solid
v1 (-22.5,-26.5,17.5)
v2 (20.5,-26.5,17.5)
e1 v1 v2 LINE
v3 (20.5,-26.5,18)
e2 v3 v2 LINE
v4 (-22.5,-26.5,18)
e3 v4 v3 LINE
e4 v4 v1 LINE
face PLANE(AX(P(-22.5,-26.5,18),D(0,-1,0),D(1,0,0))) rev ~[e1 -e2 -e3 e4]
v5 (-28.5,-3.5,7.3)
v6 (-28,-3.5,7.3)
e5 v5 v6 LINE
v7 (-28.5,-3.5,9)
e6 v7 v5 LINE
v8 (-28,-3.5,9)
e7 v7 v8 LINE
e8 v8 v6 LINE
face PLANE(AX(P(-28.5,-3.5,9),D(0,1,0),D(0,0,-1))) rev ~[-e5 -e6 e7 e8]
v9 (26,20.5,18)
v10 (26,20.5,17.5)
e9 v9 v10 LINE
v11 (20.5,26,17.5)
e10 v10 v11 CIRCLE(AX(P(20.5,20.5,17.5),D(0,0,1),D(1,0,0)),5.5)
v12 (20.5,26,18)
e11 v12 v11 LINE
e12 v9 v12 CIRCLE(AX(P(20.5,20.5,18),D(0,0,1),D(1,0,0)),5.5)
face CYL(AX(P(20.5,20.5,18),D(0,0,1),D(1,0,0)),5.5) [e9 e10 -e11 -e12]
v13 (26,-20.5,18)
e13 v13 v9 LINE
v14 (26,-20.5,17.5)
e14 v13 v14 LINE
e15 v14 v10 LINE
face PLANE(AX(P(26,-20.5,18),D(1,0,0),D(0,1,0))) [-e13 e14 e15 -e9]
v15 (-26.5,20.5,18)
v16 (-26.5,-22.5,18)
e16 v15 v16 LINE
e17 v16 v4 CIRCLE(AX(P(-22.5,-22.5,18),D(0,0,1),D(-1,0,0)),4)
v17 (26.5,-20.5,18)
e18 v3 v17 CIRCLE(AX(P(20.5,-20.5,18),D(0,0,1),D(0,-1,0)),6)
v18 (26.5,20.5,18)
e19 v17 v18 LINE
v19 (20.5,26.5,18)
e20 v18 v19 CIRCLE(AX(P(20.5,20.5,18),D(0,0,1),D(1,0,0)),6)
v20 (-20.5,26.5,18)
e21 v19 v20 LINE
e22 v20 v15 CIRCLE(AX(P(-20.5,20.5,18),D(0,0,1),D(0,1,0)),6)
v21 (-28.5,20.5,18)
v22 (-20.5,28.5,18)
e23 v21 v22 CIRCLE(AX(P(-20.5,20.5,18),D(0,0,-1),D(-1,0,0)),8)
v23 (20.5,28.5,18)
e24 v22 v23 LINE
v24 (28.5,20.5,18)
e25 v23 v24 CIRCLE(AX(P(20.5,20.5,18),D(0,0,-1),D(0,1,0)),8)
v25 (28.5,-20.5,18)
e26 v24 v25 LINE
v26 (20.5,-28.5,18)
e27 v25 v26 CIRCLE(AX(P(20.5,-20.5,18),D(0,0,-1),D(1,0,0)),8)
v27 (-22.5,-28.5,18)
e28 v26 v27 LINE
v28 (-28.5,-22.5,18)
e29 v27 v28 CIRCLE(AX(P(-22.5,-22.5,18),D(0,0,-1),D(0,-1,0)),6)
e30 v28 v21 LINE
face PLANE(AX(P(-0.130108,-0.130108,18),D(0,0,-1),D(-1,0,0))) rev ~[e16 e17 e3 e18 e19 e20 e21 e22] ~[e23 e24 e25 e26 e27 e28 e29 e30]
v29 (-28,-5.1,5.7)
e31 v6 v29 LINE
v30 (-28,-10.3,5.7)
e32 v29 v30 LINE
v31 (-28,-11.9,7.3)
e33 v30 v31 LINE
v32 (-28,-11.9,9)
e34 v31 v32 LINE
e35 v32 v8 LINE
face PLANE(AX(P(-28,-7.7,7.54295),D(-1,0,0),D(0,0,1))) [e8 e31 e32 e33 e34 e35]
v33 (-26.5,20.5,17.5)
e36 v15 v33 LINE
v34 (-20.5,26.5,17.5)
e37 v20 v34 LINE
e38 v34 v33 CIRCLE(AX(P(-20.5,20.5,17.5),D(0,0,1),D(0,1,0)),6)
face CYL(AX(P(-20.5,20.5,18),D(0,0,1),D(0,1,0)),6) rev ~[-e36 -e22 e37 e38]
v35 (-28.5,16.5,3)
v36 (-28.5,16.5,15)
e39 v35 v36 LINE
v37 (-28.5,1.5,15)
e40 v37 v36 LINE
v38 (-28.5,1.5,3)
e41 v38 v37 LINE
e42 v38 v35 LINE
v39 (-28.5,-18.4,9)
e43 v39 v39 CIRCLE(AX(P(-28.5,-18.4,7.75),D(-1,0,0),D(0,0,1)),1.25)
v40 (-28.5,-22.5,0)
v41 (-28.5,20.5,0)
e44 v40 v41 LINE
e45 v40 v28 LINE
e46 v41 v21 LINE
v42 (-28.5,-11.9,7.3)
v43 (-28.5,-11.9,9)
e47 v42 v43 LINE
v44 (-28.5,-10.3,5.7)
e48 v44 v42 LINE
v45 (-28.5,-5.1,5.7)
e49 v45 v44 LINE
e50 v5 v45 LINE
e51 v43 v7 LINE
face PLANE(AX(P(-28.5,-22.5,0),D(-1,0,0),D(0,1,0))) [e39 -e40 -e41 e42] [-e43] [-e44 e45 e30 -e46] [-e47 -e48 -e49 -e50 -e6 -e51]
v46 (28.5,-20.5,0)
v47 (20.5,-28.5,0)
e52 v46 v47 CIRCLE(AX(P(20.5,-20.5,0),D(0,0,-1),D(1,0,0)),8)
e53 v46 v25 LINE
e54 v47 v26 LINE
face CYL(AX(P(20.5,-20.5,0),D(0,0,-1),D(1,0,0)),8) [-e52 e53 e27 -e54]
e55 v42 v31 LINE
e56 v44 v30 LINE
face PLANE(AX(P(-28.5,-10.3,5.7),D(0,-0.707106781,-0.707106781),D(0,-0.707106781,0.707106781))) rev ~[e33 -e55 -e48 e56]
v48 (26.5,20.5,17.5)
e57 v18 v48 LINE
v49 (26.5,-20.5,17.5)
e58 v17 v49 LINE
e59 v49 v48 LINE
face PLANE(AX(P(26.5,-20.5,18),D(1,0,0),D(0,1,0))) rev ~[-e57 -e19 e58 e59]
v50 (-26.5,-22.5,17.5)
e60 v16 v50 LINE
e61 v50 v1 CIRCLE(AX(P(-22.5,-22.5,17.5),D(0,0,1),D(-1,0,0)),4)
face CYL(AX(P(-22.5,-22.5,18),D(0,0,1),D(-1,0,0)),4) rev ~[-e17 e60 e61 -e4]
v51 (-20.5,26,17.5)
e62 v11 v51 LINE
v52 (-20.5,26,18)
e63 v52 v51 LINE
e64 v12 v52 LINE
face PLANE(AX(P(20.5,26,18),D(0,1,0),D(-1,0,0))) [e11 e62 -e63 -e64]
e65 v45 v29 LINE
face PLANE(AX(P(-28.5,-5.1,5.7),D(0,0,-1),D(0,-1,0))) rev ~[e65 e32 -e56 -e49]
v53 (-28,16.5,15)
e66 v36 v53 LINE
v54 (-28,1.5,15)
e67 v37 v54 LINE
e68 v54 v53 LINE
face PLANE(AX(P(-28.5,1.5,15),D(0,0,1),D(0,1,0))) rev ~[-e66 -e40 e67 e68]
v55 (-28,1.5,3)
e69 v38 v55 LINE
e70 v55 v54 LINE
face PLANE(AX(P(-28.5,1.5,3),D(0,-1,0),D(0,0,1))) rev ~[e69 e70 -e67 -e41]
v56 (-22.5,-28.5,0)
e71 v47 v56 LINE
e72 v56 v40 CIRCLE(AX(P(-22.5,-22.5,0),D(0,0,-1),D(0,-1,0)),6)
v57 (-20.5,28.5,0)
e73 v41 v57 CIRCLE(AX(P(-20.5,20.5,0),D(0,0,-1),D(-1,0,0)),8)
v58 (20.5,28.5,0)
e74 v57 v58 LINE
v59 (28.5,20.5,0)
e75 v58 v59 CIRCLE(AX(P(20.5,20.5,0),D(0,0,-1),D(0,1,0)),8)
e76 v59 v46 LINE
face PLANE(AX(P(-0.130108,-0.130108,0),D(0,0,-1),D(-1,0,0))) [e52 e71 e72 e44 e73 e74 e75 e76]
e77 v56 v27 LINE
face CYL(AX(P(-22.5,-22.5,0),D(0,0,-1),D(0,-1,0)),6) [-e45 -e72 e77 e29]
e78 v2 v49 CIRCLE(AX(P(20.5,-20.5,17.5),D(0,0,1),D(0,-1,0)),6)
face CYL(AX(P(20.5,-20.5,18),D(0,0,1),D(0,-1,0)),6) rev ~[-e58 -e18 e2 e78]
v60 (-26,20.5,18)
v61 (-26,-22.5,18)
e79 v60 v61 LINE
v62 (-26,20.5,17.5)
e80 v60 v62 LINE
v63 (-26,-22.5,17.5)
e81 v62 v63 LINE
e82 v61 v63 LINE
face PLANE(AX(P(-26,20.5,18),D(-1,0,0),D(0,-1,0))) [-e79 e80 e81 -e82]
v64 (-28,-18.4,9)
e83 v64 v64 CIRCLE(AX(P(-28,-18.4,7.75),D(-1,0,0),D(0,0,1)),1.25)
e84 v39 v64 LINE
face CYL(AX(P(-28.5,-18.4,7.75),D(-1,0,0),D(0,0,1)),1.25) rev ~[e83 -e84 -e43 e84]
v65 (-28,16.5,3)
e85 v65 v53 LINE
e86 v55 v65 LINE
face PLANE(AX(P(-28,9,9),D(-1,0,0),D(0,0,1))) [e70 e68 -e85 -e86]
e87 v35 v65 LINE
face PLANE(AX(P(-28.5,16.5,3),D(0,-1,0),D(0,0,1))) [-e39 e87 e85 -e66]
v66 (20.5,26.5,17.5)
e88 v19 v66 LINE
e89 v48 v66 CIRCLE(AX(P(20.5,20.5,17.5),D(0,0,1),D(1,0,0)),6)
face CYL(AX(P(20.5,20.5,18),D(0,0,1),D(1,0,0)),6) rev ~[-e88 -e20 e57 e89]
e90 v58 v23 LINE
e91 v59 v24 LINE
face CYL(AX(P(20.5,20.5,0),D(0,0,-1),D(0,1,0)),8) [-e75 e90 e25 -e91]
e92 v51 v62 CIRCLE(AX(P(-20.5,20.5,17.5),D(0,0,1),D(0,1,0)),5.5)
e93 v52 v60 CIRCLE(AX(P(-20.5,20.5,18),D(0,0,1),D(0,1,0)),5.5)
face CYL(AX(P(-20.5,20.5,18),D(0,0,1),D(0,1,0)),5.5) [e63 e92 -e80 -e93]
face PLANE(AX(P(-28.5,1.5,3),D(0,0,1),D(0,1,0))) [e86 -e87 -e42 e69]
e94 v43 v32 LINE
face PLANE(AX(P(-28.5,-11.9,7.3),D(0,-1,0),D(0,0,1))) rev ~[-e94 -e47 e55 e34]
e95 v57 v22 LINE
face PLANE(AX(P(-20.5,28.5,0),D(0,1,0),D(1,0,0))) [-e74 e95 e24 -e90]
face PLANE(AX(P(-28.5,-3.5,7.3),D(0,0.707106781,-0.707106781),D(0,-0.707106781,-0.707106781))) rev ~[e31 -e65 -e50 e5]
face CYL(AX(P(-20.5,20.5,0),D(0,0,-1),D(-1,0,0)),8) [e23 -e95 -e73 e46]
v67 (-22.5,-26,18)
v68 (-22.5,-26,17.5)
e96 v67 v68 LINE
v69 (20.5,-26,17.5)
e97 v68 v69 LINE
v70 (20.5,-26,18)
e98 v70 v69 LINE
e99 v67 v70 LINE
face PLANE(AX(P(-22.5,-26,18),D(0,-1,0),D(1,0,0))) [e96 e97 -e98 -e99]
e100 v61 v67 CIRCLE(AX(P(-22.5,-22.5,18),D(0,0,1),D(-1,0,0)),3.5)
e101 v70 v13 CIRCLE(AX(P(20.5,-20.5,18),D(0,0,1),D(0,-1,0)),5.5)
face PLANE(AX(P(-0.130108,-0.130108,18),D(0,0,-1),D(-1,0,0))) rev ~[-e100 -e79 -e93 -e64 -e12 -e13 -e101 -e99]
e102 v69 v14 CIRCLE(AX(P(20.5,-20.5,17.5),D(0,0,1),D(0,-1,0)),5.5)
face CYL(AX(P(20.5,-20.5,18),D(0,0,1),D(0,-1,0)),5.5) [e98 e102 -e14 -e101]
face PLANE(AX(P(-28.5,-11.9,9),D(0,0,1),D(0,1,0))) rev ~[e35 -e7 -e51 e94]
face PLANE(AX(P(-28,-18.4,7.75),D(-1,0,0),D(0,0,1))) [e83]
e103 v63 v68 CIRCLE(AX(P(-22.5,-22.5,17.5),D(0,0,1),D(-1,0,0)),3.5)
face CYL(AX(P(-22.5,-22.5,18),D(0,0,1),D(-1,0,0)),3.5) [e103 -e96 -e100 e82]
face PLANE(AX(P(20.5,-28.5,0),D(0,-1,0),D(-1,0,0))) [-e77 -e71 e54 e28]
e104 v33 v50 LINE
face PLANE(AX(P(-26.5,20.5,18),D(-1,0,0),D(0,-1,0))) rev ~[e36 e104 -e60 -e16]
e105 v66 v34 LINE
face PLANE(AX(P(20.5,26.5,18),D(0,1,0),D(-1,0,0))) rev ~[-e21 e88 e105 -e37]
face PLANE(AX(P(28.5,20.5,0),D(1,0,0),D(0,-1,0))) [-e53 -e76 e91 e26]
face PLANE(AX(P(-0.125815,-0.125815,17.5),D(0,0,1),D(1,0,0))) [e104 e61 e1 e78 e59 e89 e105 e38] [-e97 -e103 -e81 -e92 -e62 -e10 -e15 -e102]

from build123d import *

# Parameters (mm, degrees)
SALIENTE_EXTRUIR1_DEPTH = 18
CORTAR_EXTRUIR1_DEPTH   = 0.5
CROQUIS3_R              = 1.25
CROQUIS3_W              = 12
CROQUIS3_H              = 15
CORTAR_EXTRUIR2_DEPTH   = 0.5


with BuildPart() as part:
    # Croquis1 → Saliente-Extruir1 (new body)
    with BuildSketch(Plane.XY):
        with BuildLine():
            Line((20.5, -28.5), (-22.5, -28.5))
            ThreePointArc((-22.5, -28.5), (-26.742640687, -26.742640687), (-28.5, -22.5))
            Line((-28.5, -22.5), (-28.5, 20.5))
            ThreePointArc((-28.5, 20.5), (-26.156854249, 26.156854249), (-20.5, 28.5))
            Line((-20.5, 28.5), (20.5, 28.5))
            ThreePointArc((20.5, 28.5), (26.156854249, 26.156854249), (28.5, 20.5))
            Line((28.5, 20.5), (28.5, -20.5))
            ThreePointArc((28.5, -20.5), (26.156854249, -26.156854249), (20.5, -28.5))
        make_face()
    extrude(amount=SALIENTE_EXTRUIR1_DEPTH)

    # Croquis2 → Cortar-Extruir1 (cut)
    with BuildSketch(Plane.XY.offset(18)):
        with BuildLine():
            Line((20.5, 26.5), (-20.5, 26.5))
            ThreePointArc((-20.5, 26.5), (-24.742640687, 24.742640687), (-26.5, 20.5))
            Line((-26.5, 20.5), (-26.5, -22.5))
            ThreePointArc((-26.5, -22.5), (-25.328427125, -25.328427125), (-22.5, -26.5))
            Line((-22.5, -26.5), (20.5, -26.5))
            ThreePointArc((20.5, -26.5), (24.742640687, -24.742640687), (26.5, -20.5))
            Line((26.5, -20.5), (26.5, 20.5))
            ThreePointArc((26.5, 20.5), (24.742640687, 24.742640687), (20.5, 26.5))
        make_face()
        with BuildLine():
            Line((-26, 20.5), (-26, -22.5))
            ThreePointArc((-26, -22.5), (-24.974873734, -24.974873734), (-22.5, -26))
            Line((-22.5, -26), (20.5, -26))
            ThreePointArc((20.5, -26), (24.389087297, -24.389087297), (26, -20.5))
            Line((26, -20.5), (26, 20.5))
            ThreePointArc((26, 20.5), (24.389087297, 24.389087297), (20.5, 26))
            Line((20.5, 26), (-20.5, 26))
            ThreePointArc((-20.5, 26), (-24.389087297, 24.389087297), (-26, 20.5))
        make_face(mode=Mode.SUBTRACT)
    extrude(amount=-CORTAR_EXTRUIR1_DEPTH, mode=Mode.SUBTRACT)

    # Croquis3 → Cortar-Extruir2 (cut)
    with BuildSketch(Plane.ZY.offset(28.5)):
        with Locations((7.75, -18.4)):
            Circle(CROQUIS3_R)
        with Locations((9, 9)):
            Rectangle(CROQUIS3_W, CROQUIS3_H)
        Polygon((9, -3.5), (7.3, -3.5), (5.7, -5.1), (5.7, -10.3), (7.3, -11.9), (9, -11.9), align=None)
    extrude(amount=-CORTAR_EXTRUIR2_DEPTH, mode=Mode.SUBTRACT)


solid = part.part
